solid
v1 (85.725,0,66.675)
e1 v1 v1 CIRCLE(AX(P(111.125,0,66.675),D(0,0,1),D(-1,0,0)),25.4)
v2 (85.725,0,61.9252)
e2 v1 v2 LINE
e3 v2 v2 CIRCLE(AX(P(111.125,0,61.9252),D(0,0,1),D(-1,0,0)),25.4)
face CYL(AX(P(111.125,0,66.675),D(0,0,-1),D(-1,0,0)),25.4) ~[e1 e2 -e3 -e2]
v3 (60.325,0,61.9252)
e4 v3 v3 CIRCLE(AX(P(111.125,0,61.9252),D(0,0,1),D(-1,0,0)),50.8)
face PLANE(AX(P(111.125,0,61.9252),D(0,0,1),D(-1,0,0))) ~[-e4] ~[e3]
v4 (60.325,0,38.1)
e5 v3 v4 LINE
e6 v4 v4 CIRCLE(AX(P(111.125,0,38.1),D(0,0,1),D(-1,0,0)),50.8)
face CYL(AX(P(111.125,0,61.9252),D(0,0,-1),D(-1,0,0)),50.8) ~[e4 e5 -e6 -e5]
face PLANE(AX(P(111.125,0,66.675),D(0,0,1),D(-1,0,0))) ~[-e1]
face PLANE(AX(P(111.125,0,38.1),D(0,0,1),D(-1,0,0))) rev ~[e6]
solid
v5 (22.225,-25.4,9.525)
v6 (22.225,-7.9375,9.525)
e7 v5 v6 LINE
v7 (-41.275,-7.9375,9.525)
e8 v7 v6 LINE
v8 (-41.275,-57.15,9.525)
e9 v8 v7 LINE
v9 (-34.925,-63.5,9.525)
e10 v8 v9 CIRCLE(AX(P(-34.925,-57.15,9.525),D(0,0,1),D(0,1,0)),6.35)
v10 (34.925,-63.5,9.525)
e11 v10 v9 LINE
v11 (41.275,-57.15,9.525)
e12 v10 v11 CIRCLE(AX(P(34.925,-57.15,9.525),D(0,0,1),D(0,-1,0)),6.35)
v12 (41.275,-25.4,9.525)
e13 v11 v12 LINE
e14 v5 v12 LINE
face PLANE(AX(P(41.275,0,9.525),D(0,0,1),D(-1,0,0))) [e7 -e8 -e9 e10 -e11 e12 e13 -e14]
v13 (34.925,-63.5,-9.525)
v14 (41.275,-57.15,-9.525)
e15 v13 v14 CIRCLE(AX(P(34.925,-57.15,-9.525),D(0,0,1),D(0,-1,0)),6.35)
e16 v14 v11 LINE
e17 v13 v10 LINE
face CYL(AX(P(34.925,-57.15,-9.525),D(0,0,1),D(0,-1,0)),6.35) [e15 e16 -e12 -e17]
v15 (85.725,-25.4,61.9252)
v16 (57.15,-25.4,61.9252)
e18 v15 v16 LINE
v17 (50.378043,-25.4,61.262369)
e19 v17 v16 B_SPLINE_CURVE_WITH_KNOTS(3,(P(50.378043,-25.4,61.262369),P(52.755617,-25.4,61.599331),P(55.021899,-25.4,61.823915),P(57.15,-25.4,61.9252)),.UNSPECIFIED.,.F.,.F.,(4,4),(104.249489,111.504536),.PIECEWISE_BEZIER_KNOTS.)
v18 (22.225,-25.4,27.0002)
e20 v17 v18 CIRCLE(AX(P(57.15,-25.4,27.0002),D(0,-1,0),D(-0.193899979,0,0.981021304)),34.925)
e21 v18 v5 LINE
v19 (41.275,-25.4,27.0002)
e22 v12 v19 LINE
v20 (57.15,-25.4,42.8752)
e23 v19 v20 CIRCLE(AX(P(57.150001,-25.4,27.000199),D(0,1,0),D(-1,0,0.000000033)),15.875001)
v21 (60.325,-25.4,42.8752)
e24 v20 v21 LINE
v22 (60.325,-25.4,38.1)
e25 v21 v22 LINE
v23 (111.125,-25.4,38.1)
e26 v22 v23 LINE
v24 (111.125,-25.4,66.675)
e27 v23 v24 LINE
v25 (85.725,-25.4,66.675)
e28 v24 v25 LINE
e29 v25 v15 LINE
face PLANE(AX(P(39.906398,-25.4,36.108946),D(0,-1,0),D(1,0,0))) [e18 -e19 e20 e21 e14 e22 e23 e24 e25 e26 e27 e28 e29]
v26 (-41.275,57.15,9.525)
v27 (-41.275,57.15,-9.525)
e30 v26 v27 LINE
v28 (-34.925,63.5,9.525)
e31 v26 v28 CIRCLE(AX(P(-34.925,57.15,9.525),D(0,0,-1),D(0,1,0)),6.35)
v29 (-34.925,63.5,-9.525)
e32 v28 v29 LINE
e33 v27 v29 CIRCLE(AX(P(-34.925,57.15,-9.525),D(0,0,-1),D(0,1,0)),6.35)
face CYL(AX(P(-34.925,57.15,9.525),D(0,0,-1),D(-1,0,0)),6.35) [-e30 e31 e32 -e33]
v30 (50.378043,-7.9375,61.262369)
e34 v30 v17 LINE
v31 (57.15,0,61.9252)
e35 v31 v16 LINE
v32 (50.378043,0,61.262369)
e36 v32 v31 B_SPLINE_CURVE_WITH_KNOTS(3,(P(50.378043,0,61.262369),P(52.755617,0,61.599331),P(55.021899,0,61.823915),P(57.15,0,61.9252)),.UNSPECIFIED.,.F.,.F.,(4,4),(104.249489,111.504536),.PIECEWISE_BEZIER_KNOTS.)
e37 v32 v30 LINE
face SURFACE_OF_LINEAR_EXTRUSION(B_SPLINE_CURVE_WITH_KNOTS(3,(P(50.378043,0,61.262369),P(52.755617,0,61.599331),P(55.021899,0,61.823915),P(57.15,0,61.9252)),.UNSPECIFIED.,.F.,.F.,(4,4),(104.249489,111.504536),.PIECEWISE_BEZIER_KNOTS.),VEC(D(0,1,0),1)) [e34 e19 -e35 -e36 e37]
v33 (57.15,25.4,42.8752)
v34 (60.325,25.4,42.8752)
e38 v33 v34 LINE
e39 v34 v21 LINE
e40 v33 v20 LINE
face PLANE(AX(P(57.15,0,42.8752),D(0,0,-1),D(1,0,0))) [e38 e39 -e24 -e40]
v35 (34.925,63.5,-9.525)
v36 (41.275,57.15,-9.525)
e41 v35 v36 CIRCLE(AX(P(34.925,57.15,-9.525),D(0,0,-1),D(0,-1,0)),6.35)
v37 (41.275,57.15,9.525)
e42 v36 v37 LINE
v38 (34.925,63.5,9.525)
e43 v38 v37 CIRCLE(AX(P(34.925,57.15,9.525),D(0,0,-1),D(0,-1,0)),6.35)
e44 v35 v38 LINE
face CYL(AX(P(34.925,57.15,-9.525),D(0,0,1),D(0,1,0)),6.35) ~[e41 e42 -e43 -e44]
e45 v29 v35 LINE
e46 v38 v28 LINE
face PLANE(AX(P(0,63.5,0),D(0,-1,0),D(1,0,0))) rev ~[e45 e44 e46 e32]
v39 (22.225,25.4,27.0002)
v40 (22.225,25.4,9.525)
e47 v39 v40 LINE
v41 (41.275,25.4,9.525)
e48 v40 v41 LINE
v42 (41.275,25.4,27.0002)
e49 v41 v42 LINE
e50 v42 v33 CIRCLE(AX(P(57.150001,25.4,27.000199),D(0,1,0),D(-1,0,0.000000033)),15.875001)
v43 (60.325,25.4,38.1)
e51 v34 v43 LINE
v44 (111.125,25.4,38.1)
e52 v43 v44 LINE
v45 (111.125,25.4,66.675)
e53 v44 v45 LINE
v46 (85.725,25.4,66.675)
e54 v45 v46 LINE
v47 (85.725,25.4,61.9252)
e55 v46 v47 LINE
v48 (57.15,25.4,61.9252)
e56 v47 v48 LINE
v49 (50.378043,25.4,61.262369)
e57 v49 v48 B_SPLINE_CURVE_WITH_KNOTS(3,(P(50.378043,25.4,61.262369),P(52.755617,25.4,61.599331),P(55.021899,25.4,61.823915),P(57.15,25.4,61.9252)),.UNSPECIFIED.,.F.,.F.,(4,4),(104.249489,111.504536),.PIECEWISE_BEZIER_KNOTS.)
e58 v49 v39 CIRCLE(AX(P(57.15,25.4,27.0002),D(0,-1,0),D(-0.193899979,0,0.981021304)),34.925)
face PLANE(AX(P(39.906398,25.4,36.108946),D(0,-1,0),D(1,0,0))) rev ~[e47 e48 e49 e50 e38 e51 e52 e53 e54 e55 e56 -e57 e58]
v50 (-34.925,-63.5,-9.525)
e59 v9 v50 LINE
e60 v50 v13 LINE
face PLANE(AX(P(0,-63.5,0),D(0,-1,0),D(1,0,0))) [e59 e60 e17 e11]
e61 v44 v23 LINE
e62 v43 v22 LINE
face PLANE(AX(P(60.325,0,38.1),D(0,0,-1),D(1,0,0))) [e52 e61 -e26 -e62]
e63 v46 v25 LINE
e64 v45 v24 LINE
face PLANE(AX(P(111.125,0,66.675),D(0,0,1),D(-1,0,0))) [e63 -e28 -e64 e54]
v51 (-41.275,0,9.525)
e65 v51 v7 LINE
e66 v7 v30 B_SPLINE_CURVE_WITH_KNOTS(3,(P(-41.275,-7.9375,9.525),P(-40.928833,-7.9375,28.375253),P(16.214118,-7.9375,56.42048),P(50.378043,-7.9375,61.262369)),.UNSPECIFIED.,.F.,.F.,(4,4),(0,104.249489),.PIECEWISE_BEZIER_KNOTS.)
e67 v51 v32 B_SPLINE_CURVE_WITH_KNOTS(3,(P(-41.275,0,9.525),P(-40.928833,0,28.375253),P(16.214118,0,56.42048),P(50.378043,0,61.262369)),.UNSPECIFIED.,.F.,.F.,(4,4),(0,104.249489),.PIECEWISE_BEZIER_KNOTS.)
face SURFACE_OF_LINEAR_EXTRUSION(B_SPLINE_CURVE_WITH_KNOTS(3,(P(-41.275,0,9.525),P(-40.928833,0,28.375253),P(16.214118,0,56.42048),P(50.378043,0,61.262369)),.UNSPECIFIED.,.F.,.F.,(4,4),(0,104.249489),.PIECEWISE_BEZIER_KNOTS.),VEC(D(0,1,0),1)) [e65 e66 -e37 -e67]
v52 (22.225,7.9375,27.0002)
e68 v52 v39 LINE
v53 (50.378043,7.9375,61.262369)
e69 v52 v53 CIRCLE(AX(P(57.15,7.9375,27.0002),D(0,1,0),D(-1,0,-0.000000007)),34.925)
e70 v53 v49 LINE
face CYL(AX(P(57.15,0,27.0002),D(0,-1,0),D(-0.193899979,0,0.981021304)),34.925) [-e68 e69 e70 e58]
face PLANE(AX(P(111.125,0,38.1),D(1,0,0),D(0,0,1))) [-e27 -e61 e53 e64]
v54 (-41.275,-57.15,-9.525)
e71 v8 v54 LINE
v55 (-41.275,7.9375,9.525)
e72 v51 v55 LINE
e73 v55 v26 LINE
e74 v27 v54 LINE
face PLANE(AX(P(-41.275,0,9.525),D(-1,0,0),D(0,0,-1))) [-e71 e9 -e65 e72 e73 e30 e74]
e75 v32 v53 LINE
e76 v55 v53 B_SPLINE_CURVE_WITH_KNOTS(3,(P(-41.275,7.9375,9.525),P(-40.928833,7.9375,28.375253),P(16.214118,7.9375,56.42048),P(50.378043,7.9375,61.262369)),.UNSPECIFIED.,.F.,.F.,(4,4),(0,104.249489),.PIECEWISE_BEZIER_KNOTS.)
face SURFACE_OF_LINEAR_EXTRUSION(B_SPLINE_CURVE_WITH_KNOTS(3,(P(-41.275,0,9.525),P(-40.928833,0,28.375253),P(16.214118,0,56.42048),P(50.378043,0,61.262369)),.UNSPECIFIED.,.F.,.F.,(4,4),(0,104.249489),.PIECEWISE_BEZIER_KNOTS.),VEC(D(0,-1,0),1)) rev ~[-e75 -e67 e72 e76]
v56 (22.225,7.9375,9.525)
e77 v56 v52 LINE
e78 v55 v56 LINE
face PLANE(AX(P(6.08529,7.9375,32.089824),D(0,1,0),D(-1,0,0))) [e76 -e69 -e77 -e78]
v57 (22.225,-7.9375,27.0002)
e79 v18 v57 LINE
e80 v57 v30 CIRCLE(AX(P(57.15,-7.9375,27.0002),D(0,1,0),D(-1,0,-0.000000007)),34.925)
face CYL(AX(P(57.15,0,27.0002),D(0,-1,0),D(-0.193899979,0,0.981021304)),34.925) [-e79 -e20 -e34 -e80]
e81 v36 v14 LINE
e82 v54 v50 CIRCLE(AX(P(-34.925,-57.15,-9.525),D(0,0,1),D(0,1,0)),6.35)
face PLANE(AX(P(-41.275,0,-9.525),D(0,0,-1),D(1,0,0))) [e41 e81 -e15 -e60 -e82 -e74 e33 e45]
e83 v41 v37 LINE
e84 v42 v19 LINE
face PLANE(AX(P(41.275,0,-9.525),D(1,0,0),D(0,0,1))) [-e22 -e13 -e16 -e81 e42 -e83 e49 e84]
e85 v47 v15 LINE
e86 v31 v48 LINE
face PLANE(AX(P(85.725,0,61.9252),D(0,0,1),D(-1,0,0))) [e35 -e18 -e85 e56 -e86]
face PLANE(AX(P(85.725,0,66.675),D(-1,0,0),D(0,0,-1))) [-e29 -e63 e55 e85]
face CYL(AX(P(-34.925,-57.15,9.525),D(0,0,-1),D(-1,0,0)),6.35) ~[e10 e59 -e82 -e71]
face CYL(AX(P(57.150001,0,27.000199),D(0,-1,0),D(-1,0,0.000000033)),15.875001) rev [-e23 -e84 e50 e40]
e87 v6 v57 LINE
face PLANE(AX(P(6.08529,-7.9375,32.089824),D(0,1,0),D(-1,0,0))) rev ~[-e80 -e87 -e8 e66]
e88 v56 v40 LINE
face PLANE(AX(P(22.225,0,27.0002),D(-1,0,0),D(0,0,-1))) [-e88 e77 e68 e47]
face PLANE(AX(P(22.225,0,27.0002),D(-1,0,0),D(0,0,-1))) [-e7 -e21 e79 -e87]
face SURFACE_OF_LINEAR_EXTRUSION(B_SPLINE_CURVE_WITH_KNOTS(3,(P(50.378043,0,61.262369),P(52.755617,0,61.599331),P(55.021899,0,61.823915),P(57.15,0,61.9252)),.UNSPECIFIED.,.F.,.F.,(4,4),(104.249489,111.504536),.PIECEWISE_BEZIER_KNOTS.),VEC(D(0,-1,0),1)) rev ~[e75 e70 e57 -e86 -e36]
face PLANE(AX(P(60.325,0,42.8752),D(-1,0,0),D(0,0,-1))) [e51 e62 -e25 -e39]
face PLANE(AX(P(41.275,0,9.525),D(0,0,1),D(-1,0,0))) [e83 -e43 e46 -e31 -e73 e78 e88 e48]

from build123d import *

# Parameters (mm, degrees)
F1_DEPTH = 63.5
F2_DEPTH = 25.4
F3_DEPTH = 7.9375
F5_R     = 6.35


with BuildPart() as f1:
    # F0 (on Front) → F1 (new body, symmetric)
    with BuildSketch(Plane.XZ):
        Polygon((-41.275, 9.525), (-41.275, -9.525), (41.275, -9.525), (41.275, 9.525), (22.225, 9.525), align=None)
    extrude(amount=F1_DEPTH, both=True)

    # F0 (on Front) → F2 (join, symmetric)
    with BuildSketch(Plane.XZ):
        with BuildLine():
            Line((22.225, 9.525), (41.275, 9.525))
            Line((41.275, 9.525), (41.275, 27.0002))
            ThreePointArc((41.275, 27.0002), (45.92468, 38.22552), (57.15, 42.8752))
            Line((57.15, 42.8752), (60.325, 42.8752))
            Line((60.325, 42.8752), (60.325, 61.9252))
            Line((60.325, 61.9252), (57.15, 61.9252))
            add(Edge.make_bspline(
                [(50.378043, 61.262369), (52.755617, 61.599331), (55.021899, 61.823915), (57.15, 61.9252)],
                knots=[104.249489, 104.249489, 104.249489, 104.249489, 111.504536, 111.504536, 111.504536, 111.504536], degree=3))
            ThreePointArc((50.378043, 61.262369), (30.166058, 49.172762), (22.225, 27.0002))
            Line((22.225, 27.0002), (22.225, 9.525))
        make_face()
        Polygon((85.725, 61.9252), (60.325, 61.9252), (60.325, 42.8752), (60.325, 38.1), (111.125, 38.1), (111.125, 66.675), (85.725, 66.675), align=None)
    extrude(amount=F2_DEPTH, both=True)

    # F0 (on Front) → F3 (join, symmetric)
    with BuildSketch(Plane.XZ):
        with BuildLine():
            add(Edge.make_bspline(
                [(-41.275, 9.525), (-40.928833, 28.375253), (16.214118, 56.42048), (50.378043, 61.262369)],
                knots=[0, 0, 0, 0, 104.249489, 104.249489, 104.249489, 104.249489], degree=3))
            Line((-41.275, 9.525), (22.225, 9.525))
            Line((22.225, 9.525), (22.225, 27.0002))
            ThreePointArc((22.225, 27.0002), (30.166058, 49.172762), (50.378043, 61.262369))
        make_face()
    extrude(amount=F3_DEPTH, both=True)

    # F5
    f5_edges = [f1.edges().sort_by_distance(p)[0] for p in [
        (-41.275, -63.5, 0),
        (41.275, -63.5, 0),
        (41.275, 63.5, 0),
        (-41.275, 63.5, 0),
    ]]
    fillet(f5_edges, radius=F5_R)


with BuildPart() as f4:
    # F0 (on Front) → F4 (revolve)
    with BuildSketch(Plane.XZ):
        Polygon((85.725, 61.9252), (60.325, 61.9252), (60.325, 42.8752), (60.325, 38.1), (111.125, 38.1), (111.125, 66.675), (85.725, 66.675), align=None)
    revolve(axis=Axis((111.125, 0, 52.3875), (0, 0, 1)))


solid = Compound([f1.part, f4.part])
